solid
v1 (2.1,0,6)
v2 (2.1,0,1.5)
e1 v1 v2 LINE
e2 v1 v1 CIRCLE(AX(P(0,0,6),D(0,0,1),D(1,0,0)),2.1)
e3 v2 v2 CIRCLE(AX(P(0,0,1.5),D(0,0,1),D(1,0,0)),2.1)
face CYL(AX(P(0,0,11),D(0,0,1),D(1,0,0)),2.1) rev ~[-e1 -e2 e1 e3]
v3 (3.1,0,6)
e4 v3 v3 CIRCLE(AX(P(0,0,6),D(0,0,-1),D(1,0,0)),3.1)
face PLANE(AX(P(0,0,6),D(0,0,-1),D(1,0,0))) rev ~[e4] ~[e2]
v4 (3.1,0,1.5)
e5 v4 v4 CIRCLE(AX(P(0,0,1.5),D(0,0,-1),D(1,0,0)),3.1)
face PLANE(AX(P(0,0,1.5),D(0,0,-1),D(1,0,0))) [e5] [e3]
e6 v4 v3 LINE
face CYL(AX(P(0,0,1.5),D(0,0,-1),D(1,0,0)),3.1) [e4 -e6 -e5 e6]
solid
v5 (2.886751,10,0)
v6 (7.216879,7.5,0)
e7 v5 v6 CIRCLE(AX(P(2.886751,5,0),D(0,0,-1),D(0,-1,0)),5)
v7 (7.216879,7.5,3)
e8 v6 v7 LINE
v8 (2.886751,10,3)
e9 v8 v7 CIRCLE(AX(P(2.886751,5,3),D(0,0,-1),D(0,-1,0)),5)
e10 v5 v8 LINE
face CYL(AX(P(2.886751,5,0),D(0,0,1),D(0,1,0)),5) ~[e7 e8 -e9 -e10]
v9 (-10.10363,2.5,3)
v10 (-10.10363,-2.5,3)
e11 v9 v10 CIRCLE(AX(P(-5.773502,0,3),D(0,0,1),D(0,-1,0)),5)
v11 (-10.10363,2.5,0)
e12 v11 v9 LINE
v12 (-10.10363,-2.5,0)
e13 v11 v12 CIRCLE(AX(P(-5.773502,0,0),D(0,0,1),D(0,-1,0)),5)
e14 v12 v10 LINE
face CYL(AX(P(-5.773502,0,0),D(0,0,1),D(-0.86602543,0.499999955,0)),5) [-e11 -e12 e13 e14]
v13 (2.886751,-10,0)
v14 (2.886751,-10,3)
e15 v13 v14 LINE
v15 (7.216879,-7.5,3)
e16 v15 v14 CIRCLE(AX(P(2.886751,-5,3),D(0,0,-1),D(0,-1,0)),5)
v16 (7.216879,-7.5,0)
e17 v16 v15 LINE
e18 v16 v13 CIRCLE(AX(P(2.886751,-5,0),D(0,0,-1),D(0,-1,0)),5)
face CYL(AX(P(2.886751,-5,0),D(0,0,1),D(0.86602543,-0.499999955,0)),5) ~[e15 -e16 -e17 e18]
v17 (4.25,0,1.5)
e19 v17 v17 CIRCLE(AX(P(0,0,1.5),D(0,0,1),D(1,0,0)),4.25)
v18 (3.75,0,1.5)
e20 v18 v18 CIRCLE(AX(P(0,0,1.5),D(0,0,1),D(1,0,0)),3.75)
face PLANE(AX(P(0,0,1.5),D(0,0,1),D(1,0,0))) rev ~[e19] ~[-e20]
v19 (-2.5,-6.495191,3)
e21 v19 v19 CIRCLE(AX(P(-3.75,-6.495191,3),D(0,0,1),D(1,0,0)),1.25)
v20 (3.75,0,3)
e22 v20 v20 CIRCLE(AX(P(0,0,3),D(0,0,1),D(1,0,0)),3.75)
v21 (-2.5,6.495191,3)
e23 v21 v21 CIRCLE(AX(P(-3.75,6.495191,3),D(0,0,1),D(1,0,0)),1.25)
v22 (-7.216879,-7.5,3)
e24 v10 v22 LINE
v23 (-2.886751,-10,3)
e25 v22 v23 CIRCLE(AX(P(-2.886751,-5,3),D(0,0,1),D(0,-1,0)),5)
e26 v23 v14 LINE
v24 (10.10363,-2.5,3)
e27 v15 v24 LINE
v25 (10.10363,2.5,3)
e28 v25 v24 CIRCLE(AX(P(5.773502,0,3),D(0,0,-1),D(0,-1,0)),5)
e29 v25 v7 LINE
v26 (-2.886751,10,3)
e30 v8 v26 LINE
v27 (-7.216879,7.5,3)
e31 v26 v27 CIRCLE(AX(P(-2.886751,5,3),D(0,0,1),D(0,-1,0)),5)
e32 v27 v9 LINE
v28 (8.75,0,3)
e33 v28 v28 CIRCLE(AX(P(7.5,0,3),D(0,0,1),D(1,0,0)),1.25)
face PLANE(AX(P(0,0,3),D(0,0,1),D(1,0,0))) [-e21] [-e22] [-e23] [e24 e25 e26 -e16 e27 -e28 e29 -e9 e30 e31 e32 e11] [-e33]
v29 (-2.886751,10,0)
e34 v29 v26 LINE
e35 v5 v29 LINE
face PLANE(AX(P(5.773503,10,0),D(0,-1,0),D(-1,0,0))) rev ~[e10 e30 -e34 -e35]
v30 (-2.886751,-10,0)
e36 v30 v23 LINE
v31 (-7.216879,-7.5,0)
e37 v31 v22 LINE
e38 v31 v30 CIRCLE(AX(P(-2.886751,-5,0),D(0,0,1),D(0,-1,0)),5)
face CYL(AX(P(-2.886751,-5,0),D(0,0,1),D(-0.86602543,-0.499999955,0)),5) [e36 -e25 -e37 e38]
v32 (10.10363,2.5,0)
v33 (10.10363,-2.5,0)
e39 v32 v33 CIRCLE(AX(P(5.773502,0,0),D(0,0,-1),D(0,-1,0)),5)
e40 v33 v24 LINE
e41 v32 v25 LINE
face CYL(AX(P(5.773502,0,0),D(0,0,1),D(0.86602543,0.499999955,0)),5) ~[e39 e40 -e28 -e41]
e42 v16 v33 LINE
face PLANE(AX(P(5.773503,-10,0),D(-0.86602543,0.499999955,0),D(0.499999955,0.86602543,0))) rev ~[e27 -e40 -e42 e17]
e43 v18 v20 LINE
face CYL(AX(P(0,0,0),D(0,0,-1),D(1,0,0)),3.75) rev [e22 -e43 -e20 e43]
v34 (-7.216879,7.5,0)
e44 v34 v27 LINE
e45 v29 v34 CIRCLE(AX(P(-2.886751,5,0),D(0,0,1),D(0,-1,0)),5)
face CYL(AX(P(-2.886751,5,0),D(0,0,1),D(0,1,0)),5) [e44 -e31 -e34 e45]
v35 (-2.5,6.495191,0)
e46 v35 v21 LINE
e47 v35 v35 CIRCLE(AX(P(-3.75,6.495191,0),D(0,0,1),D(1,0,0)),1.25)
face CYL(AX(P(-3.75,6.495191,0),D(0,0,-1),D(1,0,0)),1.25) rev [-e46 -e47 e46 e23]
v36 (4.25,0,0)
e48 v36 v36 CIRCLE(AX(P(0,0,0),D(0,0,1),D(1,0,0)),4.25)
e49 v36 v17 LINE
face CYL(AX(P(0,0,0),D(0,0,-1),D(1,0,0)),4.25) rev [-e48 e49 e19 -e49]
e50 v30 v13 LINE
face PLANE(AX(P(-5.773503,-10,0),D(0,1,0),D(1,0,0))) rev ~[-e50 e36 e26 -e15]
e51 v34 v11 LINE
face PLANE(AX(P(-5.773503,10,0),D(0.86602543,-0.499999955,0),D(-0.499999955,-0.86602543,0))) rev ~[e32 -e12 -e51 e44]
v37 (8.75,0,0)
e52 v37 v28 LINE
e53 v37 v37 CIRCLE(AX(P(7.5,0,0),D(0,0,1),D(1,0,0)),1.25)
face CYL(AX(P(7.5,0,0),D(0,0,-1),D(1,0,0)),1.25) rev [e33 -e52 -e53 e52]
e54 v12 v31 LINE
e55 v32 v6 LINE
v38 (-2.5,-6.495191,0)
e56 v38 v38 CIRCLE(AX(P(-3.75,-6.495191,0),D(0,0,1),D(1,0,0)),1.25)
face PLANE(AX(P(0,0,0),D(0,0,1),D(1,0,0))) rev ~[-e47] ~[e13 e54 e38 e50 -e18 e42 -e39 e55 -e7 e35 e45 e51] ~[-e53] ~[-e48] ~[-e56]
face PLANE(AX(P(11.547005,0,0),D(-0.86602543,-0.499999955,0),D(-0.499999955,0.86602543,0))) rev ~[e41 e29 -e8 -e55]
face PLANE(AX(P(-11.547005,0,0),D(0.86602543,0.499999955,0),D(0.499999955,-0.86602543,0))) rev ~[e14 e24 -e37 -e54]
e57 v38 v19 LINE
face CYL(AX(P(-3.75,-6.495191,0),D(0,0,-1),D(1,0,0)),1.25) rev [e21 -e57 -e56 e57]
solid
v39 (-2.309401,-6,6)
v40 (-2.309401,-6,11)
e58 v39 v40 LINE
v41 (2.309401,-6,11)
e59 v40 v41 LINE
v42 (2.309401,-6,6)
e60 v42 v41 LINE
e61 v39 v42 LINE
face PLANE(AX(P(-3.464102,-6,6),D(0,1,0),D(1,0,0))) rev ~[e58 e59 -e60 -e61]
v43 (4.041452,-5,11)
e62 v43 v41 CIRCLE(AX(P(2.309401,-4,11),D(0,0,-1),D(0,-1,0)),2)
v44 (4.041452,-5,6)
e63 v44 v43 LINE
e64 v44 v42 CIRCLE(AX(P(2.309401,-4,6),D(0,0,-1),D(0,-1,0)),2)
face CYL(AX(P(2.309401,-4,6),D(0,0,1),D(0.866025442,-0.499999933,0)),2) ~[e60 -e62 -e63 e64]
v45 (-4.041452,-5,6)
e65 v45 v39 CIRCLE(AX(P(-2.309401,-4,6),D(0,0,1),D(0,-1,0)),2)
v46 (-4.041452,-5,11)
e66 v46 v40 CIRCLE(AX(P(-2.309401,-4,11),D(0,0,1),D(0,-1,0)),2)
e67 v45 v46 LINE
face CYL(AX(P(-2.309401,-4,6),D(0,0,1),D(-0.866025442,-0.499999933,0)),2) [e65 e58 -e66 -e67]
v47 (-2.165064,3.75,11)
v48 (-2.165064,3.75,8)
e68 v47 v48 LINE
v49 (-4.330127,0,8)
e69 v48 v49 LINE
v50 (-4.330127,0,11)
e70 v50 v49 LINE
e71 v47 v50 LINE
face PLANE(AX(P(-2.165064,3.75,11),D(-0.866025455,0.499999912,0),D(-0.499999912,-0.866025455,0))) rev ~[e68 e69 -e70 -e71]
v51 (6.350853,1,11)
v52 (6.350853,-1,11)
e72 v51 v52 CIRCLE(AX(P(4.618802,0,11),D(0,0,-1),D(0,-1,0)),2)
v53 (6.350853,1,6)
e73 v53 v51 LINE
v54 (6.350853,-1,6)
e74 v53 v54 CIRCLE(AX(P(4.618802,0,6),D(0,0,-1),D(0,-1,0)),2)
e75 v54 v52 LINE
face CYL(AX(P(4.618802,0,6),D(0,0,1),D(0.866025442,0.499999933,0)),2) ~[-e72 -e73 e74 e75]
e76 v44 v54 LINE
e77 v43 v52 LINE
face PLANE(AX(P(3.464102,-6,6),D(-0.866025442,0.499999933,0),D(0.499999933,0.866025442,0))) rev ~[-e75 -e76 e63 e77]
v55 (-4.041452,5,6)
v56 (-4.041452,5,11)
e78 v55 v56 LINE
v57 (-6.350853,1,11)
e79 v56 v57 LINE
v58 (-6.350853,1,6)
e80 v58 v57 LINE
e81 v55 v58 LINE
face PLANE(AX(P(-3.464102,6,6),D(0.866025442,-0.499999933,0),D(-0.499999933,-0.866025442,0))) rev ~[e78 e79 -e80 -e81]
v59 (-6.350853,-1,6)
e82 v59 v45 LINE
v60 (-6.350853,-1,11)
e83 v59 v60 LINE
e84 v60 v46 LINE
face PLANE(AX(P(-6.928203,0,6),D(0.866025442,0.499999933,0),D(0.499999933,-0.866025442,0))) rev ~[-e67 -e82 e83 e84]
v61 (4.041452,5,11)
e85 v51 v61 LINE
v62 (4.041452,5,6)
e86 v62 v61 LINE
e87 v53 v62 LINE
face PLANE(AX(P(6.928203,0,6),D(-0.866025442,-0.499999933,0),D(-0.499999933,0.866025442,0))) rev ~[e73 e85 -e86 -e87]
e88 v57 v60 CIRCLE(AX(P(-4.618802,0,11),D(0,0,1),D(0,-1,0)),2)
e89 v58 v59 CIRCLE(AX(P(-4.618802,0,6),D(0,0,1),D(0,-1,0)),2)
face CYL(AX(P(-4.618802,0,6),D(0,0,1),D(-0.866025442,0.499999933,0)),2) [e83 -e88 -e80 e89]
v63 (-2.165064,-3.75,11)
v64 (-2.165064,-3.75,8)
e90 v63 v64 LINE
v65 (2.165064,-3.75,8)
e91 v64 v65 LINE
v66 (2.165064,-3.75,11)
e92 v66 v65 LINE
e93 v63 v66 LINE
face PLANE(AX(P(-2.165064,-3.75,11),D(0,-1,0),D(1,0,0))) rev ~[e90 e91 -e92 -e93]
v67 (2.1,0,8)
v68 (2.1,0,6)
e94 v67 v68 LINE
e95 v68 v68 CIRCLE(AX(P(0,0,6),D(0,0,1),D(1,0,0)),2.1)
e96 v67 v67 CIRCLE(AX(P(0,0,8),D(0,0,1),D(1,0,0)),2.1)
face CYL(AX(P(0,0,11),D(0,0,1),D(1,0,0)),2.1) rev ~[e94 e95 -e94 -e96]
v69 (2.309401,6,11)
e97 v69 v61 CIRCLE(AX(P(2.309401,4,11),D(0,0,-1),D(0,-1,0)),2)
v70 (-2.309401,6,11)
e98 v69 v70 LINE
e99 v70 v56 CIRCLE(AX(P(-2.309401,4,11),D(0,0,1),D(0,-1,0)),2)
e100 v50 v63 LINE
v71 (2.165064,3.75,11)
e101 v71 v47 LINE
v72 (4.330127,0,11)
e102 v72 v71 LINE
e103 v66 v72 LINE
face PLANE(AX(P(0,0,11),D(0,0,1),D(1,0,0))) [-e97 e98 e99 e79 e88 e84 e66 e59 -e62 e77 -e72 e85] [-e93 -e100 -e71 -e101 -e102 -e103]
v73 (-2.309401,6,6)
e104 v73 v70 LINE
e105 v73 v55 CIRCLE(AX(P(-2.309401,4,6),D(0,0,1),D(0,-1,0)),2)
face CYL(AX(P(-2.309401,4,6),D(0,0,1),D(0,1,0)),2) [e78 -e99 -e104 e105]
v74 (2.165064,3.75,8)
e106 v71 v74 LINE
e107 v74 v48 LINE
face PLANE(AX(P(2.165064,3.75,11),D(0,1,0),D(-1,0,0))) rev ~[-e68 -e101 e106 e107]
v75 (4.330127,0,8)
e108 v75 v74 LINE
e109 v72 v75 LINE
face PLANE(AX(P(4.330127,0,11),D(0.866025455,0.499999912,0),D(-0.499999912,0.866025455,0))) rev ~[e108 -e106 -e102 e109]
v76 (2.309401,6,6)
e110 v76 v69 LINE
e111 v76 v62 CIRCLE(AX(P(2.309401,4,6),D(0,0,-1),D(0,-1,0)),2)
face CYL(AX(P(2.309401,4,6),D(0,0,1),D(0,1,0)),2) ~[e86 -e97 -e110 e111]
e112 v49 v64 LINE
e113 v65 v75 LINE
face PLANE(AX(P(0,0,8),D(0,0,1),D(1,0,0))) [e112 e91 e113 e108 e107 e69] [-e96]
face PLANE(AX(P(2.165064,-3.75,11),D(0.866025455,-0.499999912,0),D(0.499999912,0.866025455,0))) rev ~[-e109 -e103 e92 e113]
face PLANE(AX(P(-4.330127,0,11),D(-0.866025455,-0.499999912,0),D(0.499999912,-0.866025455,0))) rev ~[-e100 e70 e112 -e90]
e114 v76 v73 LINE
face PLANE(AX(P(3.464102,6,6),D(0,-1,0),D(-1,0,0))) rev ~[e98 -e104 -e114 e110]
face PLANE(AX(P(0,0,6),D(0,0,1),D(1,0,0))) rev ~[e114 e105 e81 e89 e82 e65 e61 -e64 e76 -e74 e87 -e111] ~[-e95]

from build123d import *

# Parameters (mm, degrees)
F0_R      = 1.25
F0_R_2    = 4.25
F0_R_3    = 3.75
F1_DEPTH  = 3
F2_DEPTH  = 1.5
F3_R      = 5
F4_R      = 3.1
F5_DEPTH  = 4.5
F7_DEPTH  = 5
F8_R      = 2.1
F9_DEPTH  = 3
F10_DEPTH = 11.001
F11_R     = 2


with BuildPart() as f1:
    # F0 (on Top) → F1 (new body)
    with BuildSketch(Plane.XY):
        Polygon((5.773503, 10), (-5.773503, 10), (-11.547005, 0), (-5.773503, -10), (5.773503, -10), (11.547005, 0), align=None)
        with Locations((-3.75, -6.495191)):
            Circle(F0_R, mode=Mode.SUBTRACT)
        with Locations((-3.75, 6.495191)):
            Circle(F0_R, mode=Mode.SUBTRACT)
        Circle(F0_R_2, mode=Mode.SUBTRACT)
        with Locations((7.5, 0)):
            Circle(F0_R, mode=Mode.SUBTRACT)
        Circle(F0_R_2)
        Circle(F0_R_3, mode=Mode.SUBTRACT)
    extrude(amount=F1_DEPTH)

    # F0 (on Top) → F2 (cut)
    with BuildSketch(Plane.XY):
        Circle(F0_R_2)
        Circle(F0_R_3, mode=Mode.SUBTRACT)
    extrude(amount=F2_DEPTH, mode=Mode.SUBTRACT)

    # F3
    f3_edges = [f1.edges().sort_by_distance(p)[0] for p in [
        (5.773503, -10, 1.5),
        (11.547005, 0, 1.5),
        (-5.773503, -10, 1.5),
        (-11.547005, 0, 1.5),
        (-5.773503, 10, 1.5),
        (5.773503, 10, 1.5),
    ]]
    fillet(f3_edges, radius=F3_R)


with BuildPart() as f5:
    # F4 (on face) → F5 (new body)
    with BuildSketch(Plane(origin=(0, 0, 1.5), x_dir=(1, 0, 0), z_dir=(0, 0, -1))):
        Circle(F4_R)
    extrude(amount=-F5_DEPTH)


with BuildPart() as f7:
    # F6 (on face) → F7 (new body)
    with BuildSketch(Plane.XY.offset(6)):
        Polygon((3.464102, 6), (-3.464102, 6), (-6.928203, 0), (-3.464102, -6), (3.464102, -6), (6.928203, 0), align=None)
    extrude(amount=F7_DEPTH)

    # F8 (on face) → F9 (cut)
    with BuildSketch(Plane.XY.offset(11)):
        Polygon((2.165064, 3.75), (-2.165064, 3.75), (-4.330127, 0), (-2.165064, -3.75), (2.165064, -3.75), (4.330127, 0), align=None)
        Circle(F8_R, mode=Mode.SUBTRACT)
        Circle(F8_R)
    extrude(amount=-F9_DEPTH, mode=Mode.SUBTRACT)


with BuildPart() as f10_tool:
    # F8 (on face) → F10 (new body, through all)
    with BuildSketch(Plane.XY.offset(11)):
        Circle(F8_R)
    extrude(amount=-F10_DEPTH)


with BuildPart() as f5_1:
    add(f5.part)

    # F10: cut by f10_tool
    add(f10_tool.part, mode=Mode.SUBTRACT)


with BuildPart() as f7_1:
    add(f7.part)

    # F10: cut by f10_tool
    add(f10_tool.part, mode=Mode.SUBTRACT)

    # F11
    f11_edges = [f7_1.edges().sort_by_distance(p)[0] for p in [
        (6.928203, 0, 8.5),
        (3.464102, -6, 8.5),
        (-3.464102, -6, 8.5),
        (3.464102, 6, 8.5),
        (-3.464102, 6, 8.5),
        (-6.928203, 0, 8.5),
    ]]
    fillet(f11_edges, radius=F11_R)


solid = Compound([f1.part, f5_1.part, f7_1.part])
